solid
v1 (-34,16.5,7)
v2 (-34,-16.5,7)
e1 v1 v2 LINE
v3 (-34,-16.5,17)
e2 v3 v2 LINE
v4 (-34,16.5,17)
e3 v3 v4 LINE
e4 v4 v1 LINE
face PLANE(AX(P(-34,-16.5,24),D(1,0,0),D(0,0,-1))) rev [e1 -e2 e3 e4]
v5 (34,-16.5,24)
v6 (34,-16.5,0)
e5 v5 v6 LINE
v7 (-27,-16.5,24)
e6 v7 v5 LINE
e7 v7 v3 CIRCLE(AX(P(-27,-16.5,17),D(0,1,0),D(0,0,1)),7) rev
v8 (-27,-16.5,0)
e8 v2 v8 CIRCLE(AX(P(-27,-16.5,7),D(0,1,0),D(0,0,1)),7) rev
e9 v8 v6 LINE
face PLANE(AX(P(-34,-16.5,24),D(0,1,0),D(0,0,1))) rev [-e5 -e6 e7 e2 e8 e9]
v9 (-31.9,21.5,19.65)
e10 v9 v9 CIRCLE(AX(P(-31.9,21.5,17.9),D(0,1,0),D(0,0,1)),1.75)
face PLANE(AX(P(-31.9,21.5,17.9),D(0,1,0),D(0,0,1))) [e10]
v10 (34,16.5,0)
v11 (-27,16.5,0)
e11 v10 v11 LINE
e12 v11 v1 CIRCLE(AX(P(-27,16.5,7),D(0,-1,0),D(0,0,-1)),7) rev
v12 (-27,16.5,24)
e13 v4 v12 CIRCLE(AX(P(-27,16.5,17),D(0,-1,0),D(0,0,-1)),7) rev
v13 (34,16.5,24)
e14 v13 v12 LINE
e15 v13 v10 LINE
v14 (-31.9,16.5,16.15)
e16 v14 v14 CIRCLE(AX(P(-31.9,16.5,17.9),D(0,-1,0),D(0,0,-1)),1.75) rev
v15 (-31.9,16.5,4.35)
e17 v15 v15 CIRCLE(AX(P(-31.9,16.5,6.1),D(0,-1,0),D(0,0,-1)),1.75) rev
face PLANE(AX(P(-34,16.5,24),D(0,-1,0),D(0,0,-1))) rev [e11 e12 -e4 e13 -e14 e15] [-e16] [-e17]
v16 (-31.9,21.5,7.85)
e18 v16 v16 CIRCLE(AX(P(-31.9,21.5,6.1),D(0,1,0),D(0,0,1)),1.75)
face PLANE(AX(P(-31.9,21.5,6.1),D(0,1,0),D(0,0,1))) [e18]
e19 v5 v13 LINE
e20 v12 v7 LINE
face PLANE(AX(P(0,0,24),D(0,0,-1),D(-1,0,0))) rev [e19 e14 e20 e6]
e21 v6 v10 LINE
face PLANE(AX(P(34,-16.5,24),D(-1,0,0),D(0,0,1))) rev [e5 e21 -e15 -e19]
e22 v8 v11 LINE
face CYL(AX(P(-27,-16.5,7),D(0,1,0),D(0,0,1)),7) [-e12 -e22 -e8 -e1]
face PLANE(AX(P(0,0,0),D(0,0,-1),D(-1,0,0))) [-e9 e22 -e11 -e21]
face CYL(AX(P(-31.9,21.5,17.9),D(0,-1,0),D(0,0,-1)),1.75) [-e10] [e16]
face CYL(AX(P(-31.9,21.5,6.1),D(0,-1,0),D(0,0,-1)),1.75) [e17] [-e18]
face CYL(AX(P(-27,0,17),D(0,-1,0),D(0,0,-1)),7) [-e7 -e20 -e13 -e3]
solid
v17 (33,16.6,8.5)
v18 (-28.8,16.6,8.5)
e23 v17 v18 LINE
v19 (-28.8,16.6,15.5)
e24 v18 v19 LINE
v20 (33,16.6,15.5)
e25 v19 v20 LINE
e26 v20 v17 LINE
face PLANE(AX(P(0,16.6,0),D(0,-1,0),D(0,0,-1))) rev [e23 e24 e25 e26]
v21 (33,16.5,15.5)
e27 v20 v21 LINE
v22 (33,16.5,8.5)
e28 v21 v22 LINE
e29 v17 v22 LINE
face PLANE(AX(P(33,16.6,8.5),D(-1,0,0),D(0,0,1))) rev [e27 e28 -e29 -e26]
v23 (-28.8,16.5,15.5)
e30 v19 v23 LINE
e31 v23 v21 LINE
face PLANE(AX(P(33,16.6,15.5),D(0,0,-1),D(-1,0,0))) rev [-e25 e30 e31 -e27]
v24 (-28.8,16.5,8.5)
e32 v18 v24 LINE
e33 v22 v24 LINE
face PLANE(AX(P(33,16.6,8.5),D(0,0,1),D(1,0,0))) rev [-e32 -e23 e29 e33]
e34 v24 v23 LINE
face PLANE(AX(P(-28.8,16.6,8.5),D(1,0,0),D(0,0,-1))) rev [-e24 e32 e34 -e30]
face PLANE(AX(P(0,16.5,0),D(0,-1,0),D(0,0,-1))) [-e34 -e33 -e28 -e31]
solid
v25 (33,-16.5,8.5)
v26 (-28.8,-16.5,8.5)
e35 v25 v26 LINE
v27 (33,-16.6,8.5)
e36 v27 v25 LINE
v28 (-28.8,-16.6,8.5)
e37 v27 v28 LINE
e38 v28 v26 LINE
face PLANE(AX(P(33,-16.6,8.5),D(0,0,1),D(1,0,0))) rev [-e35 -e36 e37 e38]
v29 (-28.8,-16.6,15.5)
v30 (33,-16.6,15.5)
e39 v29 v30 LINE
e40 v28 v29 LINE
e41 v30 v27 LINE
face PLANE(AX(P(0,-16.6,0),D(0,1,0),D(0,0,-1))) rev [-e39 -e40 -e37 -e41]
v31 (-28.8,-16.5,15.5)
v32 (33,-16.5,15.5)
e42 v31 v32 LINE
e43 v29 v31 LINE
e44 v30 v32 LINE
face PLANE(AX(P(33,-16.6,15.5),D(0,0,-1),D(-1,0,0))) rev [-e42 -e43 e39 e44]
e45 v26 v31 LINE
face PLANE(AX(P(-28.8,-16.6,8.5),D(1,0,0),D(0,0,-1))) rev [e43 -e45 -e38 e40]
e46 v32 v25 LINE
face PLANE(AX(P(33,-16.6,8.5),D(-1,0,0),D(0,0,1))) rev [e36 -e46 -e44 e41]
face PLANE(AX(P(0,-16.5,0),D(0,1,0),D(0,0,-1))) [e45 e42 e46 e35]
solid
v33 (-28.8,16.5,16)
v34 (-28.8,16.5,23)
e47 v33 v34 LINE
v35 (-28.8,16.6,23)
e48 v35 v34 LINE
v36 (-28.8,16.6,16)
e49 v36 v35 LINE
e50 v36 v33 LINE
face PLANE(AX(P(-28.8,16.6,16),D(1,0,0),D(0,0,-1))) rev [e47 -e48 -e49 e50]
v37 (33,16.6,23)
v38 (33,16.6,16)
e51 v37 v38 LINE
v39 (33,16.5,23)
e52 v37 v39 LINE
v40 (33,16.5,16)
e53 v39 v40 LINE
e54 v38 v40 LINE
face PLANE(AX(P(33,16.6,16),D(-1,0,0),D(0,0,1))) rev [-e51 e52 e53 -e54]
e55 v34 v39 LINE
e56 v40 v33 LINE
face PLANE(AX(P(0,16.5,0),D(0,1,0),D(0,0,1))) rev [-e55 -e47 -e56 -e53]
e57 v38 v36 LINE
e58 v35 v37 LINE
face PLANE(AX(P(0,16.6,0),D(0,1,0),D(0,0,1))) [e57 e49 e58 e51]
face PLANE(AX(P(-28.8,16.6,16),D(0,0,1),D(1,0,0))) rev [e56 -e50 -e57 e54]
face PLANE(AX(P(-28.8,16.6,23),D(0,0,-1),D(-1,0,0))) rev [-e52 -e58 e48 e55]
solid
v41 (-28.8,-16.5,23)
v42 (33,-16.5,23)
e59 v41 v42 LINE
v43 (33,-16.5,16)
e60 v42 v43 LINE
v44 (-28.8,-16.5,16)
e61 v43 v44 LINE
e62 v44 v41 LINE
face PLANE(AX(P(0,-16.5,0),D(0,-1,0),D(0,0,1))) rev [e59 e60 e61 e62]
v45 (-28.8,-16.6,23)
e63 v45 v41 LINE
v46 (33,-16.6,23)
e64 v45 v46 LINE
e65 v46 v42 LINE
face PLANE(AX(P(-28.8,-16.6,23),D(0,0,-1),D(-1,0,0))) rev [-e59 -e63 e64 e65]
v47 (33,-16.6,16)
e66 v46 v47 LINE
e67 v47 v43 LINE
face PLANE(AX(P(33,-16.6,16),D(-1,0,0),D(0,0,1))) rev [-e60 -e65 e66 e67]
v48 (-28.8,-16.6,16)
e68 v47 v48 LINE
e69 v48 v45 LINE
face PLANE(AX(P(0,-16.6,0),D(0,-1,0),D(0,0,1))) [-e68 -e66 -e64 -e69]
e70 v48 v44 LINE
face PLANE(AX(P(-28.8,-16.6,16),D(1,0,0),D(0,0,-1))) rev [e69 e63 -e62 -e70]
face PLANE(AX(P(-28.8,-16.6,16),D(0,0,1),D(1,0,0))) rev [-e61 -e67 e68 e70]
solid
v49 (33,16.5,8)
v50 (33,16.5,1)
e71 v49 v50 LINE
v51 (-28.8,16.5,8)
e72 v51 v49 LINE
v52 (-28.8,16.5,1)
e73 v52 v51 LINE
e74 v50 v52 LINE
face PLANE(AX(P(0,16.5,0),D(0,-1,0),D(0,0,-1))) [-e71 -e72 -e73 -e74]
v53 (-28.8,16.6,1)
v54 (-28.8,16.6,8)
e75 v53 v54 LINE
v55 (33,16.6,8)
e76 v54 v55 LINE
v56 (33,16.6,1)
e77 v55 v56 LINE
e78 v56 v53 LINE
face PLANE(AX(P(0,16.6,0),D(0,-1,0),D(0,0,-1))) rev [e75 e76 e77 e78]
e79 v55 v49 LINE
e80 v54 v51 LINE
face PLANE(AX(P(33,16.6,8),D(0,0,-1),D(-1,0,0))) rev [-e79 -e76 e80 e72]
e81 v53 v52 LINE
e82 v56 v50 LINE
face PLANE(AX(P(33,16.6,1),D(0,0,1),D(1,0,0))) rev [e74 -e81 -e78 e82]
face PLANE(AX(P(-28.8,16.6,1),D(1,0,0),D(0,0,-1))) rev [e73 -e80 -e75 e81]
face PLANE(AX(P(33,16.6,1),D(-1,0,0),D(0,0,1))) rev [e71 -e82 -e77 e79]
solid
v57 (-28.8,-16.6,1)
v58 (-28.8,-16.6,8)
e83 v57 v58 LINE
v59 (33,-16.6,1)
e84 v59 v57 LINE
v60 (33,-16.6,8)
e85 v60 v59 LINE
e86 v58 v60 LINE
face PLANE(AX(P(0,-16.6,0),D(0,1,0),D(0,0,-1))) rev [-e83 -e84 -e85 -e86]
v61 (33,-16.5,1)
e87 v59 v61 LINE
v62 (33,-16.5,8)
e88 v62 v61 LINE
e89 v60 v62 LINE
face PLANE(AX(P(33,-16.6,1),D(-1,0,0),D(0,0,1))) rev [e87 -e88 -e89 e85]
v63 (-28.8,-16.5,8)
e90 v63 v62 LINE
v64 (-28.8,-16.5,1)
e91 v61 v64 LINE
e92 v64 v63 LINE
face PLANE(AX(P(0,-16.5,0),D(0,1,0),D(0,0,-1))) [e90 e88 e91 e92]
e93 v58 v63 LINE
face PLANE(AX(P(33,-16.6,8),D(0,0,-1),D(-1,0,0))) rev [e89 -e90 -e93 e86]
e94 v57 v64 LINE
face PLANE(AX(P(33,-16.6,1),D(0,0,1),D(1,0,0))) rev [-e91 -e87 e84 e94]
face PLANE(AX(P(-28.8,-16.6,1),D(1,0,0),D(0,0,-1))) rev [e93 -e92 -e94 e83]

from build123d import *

# Parameters (mm, degrees)
SKETCH1_W             = 68
SKETCH1_H             = 33
BOSS_EXTRUDE1_DEPTH   = 24
FILLET1_R             = 7
SKETCH2_W             = 61.8
SKETCH2_H             = 7
BOSS_EXTRUDE2_DEPTH   = 0.1
BOSS_EXTRUDE2_2_DEPTH = 0.1
BOSS_EXTRUDE2_3_DEPTH = 0.1
SKETCH3_R             = 1.75
BOSS_EXTRUDE3_DEPTH   = 5


with BuildPart() as part:
    # Sketch1 → Boss-Extrude1 (new body)
    with BuildSketch(Plane.XY):
        Rectangle(SKETCH1_W, SKETCH1_H)
    extrude(amount=BOSS_EXTRUDE1_DEPTH)

    # Fillet1
    fillet1_edges = [part.edges().sort_by_distance(p)[0] for p in [
        (-34, 0, 24),
        (-34, 0, 0),
    ]]
    fillet(fillet1_edges, radius=FILLET1_R)

    # Sketch3 → Boss-Extrude3 (add)
    with BuildSketch(Plane(origin=(0, 16.5, 0), x_dir=(1, 0, 0), z_dir=(0, 1, 0))):
        with Locations(Location((-31.9, -6.1, 0), (0, 0, 90))):
            Circle(SKETCH3_R)
        with Locations(Location((-31.9, -17.9, 0), (0, 0, 90))):
            Circle(SKETCH3_R)
    extrude(amount=BOSS_EXTRUDE3_DEPTH)


with BuildPart() as body_2:
    # Sketch2 → Boss-Extrude2 (new body)
    with BuildSketch(Plane(origin=(0, 16.5, 0), x_dir=(1, 0, 0), z_dir=(0, 1, 0))):
        with Locations((2.1, -4.5)):
            Rectangle(SKETCH2_W, SKETCH2_H)
    extrude(amount=BOSS_EXTRUDE2_DEPTH)


with BuildPart() as body_3:
    # Sketch2 → Boss-Extrude2 2 (new body)
    with BuildSketch(Plane(origin=(0, 16.5, 0), x_dir=(1, 0, 0), z_dir=(0, 1, 0))):
        with Locations((2.1, -12)):
            Rectangle(SKETCH2_W, SKETCH2_H)
    extrude(amount=BOSS_EXTRUDE2_2_DEPTH)


with BuildPart() as body_4:
    # Sketch2 → Boss-Extrude2 3 (new body)
    with BuildSketch(Plane(origin=(0, 16.5, 0), x_dir=(1, 0, 0), z_dir=(0, 1, 0))):
        with Locations((2.1, -19.5)):
            Rectangle(SKETCH2_W, SKETCH2_H)
    extrude(amount=BOSS_EXTRUDE2_3_DEPTH)


with BuildPart() as body_5:
    # Mirror1: mirrored copy
    add(body_4.part.mirror(Plane.ZX))


with BuildPart() as body_6:
    # Mirror1 2: mirrored copy
    add(body_3.part.mirror(Plane.ZX))


with BuildPart() as body_7:
    # Mirror1 3: mirrored copy
    add(body_2.part.mirror(Plane.ZX))


solid = Compound([part.part, body_2.part, body_3.part, body_4.part, body_5.part, body_6.part, body_7.part])
